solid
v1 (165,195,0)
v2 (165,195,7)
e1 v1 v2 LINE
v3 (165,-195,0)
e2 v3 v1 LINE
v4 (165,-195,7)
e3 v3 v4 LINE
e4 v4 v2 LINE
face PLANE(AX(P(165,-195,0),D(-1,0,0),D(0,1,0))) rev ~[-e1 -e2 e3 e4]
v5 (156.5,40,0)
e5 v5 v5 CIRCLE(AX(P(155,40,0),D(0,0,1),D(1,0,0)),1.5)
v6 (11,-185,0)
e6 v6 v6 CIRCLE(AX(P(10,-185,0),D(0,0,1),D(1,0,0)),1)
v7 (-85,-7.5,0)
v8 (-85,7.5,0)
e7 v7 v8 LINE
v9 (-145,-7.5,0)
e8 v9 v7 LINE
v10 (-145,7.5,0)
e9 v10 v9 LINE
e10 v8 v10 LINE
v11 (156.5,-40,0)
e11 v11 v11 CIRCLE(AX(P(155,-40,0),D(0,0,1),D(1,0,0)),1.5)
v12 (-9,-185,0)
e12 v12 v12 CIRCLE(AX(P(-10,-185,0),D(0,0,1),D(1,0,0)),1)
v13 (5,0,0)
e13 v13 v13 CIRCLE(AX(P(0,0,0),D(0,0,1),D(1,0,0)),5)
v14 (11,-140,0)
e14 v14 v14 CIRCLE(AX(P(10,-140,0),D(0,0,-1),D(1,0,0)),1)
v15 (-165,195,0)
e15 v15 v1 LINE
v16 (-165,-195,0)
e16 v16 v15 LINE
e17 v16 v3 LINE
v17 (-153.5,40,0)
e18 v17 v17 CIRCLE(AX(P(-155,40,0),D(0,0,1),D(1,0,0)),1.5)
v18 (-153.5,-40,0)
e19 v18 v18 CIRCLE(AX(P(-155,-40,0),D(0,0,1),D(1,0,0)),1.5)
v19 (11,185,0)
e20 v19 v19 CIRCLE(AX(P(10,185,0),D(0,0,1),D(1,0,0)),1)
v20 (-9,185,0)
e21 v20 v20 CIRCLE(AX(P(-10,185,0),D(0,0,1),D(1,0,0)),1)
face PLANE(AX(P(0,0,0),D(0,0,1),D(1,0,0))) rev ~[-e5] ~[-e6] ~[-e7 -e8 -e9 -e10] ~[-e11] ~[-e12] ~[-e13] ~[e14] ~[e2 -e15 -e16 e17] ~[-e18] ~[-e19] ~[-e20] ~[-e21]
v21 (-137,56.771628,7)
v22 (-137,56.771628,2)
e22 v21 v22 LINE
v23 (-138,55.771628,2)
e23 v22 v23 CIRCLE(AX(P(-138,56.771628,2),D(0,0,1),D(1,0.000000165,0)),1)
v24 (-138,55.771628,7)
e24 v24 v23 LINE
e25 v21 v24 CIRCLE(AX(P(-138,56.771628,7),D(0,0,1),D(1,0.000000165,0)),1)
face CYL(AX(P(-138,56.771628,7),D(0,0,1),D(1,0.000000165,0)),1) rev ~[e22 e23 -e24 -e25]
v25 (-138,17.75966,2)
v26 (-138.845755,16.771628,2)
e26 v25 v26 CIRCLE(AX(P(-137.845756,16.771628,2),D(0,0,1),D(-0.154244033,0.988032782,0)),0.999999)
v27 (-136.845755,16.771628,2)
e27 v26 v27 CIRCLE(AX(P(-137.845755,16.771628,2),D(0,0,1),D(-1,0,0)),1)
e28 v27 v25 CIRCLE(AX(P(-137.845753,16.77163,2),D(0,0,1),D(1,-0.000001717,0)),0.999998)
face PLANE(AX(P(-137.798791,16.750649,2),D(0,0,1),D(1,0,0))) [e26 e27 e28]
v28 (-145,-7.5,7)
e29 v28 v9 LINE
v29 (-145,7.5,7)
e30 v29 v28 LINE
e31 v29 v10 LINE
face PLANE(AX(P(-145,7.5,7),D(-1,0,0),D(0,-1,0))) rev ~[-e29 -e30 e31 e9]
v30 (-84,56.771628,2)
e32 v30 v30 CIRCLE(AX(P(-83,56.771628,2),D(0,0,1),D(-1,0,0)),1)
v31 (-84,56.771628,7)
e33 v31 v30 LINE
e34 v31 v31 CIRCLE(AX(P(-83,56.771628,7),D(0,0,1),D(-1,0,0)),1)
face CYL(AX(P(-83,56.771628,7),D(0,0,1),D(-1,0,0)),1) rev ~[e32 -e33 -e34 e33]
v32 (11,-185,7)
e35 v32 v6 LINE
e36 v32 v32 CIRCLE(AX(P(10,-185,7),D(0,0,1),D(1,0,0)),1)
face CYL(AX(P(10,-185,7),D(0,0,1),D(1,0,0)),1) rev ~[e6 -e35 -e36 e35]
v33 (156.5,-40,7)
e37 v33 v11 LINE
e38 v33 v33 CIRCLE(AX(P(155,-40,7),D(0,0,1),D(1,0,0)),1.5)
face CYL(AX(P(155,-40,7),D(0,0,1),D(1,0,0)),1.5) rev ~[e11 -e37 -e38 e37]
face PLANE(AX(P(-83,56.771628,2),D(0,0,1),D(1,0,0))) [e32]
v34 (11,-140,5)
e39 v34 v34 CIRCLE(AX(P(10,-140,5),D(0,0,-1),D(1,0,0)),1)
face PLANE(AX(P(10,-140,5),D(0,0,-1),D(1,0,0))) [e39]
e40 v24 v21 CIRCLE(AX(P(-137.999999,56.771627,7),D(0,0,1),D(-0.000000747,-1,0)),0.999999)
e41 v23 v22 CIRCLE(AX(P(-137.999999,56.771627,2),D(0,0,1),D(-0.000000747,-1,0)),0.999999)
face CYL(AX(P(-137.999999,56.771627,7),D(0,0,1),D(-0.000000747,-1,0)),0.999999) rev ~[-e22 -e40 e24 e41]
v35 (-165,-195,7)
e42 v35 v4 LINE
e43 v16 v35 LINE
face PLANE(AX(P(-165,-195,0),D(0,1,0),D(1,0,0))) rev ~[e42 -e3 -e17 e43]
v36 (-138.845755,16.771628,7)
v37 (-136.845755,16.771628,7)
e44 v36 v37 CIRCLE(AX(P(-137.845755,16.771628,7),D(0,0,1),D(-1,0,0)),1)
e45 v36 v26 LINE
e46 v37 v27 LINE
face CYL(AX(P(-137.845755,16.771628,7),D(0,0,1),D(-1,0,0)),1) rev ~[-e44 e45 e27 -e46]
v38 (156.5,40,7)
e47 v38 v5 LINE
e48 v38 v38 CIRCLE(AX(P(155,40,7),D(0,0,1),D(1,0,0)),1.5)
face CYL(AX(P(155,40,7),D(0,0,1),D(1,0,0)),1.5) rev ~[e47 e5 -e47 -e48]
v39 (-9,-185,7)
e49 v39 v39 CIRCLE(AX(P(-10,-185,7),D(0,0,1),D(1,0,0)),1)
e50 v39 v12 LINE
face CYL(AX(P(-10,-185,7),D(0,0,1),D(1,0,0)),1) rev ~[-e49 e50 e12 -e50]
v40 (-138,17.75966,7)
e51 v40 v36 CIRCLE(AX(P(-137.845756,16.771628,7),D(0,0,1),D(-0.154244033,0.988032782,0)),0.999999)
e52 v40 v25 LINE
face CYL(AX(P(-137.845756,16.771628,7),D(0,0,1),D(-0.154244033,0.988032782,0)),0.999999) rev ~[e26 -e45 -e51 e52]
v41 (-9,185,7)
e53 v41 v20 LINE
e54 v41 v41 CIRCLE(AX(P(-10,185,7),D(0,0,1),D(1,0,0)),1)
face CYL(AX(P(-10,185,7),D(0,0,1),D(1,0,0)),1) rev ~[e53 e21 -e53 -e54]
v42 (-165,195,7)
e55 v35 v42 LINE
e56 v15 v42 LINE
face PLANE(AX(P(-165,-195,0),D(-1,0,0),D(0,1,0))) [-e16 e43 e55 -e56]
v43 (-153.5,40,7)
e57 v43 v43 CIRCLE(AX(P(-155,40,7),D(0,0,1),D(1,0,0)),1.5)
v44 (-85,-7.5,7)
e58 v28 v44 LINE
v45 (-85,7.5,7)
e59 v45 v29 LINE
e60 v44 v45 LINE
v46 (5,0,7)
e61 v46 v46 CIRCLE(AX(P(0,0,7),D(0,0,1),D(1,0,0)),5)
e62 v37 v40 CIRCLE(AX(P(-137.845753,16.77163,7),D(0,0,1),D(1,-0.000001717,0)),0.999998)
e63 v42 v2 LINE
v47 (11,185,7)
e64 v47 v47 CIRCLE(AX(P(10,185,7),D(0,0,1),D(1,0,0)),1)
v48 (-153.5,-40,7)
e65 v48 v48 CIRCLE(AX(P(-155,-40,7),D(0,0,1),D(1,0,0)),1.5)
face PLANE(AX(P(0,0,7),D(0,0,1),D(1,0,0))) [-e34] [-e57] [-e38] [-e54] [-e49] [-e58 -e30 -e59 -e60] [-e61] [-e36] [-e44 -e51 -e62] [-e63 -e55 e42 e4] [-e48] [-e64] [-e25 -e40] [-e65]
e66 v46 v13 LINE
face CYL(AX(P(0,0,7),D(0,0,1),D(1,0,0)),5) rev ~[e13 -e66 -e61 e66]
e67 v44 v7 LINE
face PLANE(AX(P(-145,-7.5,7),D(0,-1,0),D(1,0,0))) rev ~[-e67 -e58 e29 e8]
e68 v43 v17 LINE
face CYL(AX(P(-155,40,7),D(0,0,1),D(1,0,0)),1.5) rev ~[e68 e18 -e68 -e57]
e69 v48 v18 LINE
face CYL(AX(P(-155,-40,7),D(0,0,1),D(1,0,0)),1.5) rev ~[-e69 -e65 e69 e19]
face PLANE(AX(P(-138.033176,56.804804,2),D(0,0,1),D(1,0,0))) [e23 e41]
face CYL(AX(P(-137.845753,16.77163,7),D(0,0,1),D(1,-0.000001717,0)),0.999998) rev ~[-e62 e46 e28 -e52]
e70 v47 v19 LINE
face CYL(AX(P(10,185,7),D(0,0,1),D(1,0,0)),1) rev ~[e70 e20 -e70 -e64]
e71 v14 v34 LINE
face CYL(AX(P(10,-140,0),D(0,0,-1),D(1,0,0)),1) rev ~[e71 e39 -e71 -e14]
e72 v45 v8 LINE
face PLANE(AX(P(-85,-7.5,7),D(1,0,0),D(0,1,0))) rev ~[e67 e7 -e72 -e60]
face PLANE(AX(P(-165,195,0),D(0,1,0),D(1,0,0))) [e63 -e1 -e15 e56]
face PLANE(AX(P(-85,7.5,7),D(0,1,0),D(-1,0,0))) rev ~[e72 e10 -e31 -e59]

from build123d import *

# Parameters (mm, degrees)
F0_W      = 330
F0_H      = 390
F1_DEPTH  = 7
F2_R      = 1.5
F3_DEPTH  = 25
F4_R      = 1.5
F5_DEPTH  = 25
F7_DEPTH  = 5
F9_DEPTH  = 25
F10_R     = 5
F11_DEPTH = 25
F12_R     = 1
F13_DEPTH = 50
F14_R     = 1
F15_DEPTH = 5


with BuildPart() as f1:
    # F0 (on Top) → F1 (new body)
    with BuildSketch(Plane.XY):
        Rectangle(F0_W, F0_H)
    extrude(amount=F1_DEPTH)

    # F2 (on face) → F3 (cut)
    with BuildSketch(Plane.XY.offset(7)):
        with Locations((-155, 40)):
            Circle(F2_R)
        with Locations((-155, -40)):
            Circle(F2_R)
    extrude(amount=-F3_DEPTH, mode=Mode.SUBTRACT)

    # F4 (on face) → F5 (cut)
    with BuildSketch(Plane.XY.offset(7)):
        with Locations((155, 40)):
            Circle(F4_R)
        with Locations((155, -40)):
            Circle(F4_R)
    extrude(amount=-F5_DEPTH, mode=Mode.SUBTRACT)

    # F6 (on face) → F7 (cut)
    with BuildSketch(Plane.XY.offset(7)):
        with BuildLine():
            Line((-138, 56.771628), (-137, 56.771628))
            ThreePointArc((-137, 56.771628), (-138.707107, 57.478734), (-138, 55.771628))
            Line((-138, 55.771628), (-138, 56.771628))
        make_face()
        with BuildLine():
            ThreePointArc((-136.845755, 16.771628), (-137.195464, 17.531314), (-138, 17.75966))
            Line((-138, 17.75966), (-138, 16.771628))
            Line((-138, 16.771628), (-138.845755, 16.771628))
            ThreePointArc((-138.845755, 16.771628), (-137.845755, 15.771628), (-136.845755, 16.771628))
        make_face()
        with BuildLine():
            Line((-138, 16.771628), (-138, 17.75966))
            ThreePointArc((-138, 17.75966), (-138.605441, 17.421918), (-138.845755, 16.771628))
            Line((-138.845755, 16.771628), (-138, 16.771628))
        make_face()
        with BuildLine():
            ThreePointArc((-138, 55.771628), (-137.292893, 56.064521), (-137, 56.771628))
            Line((-137, 56.771628), (-138, 56.771628))
            Line((-138, 56.771628), (-138, 55.771628))
        make_face()
        with BuildLine():
            ThreePointArc((-82, 56.771628), (-83, 57.771628), (-84, 56.771628))
            ThreePointArc((-84, 56.771628), (-83, 55.771628), (-82, 56.771628))
        make_face()
    extrude(amount=-F7_DEPTH, mode=Mode.SUBTRACT)

    # F8 (on face) → F9 (cut)
    with BuildSketch(Plane.XY.offset(7)):
        Polygon((-145, 7.5), (-145, 0), (-145, -7.5), (-85, -7.5), (-85, 7.5), align=None)
    extrude(amount=-F9_DEPTH, mode=Mode.SUBTRACT)

    # F10 (on face) → F11 (cut)
    with BuildSketch(Plane.XY.offset(7)):
        Circle(F10_R)
    extrude(amount=-F11_DEPTH, mode=Mode.SUBTRACT)

    # F12 (on face) → F13 (cut)
    with BuildSketch(Plane.XY.offset(7)):
        with Locations((10, 185)):
            Circle(F12_R)
        with Locations((-10, 185)):
            Circle(F12_R)
        with Locations((10, -185)):
            Circle(F12_R)
        with Locations((-10, -185)):
            Circle(F12_R)
    extrude(amount=-F13_DEPTH, mode=Mode.SUBTRACT)

    # F14 (on face) → F15 (cut)
    with BuildSketch(Plane(origin=(0, 0, 0), x_dir=(1, 0, 0), z_dir=(0, 0, -1))):
        with Locations((10, 140)):
            Circle(F14_R)
    extrude(amount=-F15_DEPTH, mode=Mode.SUBTRACT)


solid = f1.part
